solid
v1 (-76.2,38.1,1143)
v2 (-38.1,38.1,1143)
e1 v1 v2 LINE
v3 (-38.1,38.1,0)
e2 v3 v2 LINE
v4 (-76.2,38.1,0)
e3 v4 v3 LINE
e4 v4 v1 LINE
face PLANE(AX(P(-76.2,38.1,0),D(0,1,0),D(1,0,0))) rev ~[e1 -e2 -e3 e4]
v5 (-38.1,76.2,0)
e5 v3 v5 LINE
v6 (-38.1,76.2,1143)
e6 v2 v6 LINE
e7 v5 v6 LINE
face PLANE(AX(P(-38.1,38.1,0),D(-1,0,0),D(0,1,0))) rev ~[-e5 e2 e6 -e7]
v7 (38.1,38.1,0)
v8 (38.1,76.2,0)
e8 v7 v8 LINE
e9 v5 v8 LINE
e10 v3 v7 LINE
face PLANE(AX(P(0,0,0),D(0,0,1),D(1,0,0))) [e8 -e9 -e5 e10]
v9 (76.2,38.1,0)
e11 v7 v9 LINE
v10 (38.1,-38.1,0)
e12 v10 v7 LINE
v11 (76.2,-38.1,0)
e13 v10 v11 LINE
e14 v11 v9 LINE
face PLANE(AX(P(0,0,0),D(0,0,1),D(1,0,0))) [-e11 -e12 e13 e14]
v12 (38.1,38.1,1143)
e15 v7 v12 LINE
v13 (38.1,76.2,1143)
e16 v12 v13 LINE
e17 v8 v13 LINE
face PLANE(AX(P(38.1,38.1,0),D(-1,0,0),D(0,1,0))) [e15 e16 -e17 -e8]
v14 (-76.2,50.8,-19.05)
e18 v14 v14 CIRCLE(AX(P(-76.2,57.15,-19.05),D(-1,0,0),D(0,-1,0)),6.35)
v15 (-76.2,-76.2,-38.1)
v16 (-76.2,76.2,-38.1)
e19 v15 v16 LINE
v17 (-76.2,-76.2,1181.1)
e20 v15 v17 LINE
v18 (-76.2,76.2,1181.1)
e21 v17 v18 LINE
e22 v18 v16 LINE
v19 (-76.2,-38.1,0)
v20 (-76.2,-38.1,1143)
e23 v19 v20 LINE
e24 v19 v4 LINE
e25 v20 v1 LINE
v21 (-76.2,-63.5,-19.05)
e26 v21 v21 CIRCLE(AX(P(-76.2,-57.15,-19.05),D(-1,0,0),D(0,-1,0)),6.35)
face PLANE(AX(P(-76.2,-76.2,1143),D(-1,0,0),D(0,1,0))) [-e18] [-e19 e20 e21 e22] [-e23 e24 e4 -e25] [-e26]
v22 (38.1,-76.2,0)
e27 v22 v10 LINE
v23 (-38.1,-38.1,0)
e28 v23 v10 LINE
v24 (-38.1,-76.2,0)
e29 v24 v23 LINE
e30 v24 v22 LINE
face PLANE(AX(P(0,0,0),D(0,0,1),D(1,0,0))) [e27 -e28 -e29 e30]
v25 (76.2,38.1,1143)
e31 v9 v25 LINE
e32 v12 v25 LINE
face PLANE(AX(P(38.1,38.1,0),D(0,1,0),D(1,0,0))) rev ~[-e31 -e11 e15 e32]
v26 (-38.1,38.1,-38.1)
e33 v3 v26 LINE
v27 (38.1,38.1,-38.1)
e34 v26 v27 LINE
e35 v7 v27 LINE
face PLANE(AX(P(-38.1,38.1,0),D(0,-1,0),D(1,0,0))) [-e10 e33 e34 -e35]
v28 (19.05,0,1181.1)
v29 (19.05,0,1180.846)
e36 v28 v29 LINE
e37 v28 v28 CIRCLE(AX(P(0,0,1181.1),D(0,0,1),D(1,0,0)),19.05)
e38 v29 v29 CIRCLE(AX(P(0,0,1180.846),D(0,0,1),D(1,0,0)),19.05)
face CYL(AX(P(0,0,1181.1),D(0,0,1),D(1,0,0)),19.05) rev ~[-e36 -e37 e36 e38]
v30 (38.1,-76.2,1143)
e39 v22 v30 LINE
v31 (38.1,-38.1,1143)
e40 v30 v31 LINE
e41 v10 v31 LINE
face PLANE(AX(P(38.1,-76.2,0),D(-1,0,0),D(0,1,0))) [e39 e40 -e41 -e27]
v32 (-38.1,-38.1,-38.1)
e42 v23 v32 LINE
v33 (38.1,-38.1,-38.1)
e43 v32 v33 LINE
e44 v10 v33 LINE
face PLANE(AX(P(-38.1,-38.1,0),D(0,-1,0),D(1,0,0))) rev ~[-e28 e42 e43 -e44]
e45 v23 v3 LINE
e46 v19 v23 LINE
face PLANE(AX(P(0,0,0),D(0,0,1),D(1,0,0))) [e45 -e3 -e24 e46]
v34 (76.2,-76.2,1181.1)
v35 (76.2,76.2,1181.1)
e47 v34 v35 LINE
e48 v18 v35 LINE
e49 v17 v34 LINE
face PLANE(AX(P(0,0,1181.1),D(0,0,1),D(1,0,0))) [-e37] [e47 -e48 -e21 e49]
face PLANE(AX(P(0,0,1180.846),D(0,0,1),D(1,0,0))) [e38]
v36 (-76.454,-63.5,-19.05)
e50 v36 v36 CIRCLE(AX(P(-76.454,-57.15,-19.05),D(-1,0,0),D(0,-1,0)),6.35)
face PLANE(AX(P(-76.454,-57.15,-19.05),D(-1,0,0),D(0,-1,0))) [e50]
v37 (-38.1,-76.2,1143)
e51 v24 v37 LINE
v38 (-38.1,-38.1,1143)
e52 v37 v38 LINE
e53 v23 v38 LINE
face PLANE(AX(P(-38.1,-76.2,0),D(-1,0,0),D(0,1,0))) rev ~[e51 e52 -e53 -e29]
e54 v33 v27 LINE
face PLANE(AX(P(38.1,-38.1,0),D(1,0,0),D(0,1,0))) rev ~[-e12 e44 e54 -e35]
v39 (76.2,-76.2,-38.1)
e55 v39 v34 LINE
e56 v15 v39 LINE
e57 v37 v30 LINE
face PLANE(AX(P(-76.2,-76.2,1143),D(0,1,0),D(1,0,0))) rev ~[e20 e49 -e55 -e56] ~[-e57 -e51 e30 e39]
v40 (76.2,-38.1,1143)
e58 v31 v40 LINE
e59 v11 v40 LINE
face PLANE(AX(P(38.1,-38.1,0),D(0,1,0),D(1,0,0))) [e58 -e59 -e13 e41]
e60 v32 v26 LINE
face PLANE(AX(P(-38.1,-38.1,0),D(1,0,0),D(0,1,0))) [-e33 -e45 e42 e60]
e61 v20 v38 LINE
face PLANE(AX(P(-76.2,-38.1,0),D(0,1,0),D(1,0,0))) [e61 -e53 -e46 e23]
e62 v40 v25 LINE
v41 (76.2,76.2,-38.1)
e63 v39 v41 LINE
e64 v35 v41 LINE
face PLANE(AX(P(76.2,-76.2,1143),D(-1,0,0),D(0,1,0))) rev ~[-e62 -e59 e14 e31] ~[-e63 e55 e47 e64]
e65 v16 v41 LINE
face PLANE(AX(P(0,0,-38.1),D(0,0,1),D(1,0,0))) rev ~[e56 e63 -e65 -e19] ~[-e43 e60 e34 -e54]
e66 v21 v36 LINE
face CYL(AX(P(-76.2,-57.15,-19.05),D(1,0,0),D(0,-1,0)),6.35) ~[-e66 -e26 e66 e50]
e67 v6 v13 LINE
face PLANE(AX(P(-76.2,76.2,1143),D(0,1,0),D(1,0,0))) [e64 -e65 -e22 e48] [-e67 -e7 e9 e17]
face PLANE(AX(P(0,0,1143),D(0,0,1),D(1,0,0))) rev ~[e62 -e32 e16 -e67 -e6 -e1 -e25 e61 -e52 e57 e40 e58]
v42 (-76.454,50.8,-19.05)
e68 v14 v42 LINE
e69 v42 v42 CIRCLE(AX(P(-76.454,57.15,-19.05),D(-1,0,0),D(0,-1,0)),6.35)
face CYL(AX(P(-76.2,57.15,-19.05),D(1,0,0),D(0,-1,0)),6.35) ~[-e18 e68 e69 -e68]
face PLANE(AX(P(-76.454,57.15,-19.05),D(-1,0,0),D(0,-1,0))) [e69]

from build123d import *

# Parameters (mm, degrees)
F0_W      = 152.4
F0_H      = 152.4
F1_DEPTH  = 38.1
F2_W      = 76.2
F2_H      = 76.2
F3_DEPTH  = 38.1
F4_W      = 38.1
F4_H      = 38.1
F5_DEPTH  = 1143
F6_W      = 152.4
F6_H      = 152.4
F7_DEPTH  = 38.1
F8_R      = 6.35
F9_DEPTH  = 0.254
F10_R     = 19.05
F11_DEPTH = 0.254


with BuildPart() as f1:
    # F0 (on Top) → F1 (new body)
    with BuildSketch(Plane.XY):
        Rectangle(F0_W, F0_H)
    extrude(amount=-F1_DEPTH)

    # F2 (on face) → F3 (cut)
    with BuildSketch(Plane.XY):
        Rectangle(F2_W, F2_H)
    extrude(amount=-F3_DEPTH, mode=Mode.SUBTRACT)

    # F4 (on face) → F5 (join)
    with BuildSketch(Plane.XY):
        with Locations((-57.15, -57.15)):
            Rectangle(F4_W, F4_H)
        with Locations((-57.15, 57.15)):
            Rectangle(F4_W, F4_H)
        with Locations((57.15, 57.15)):
            Rectangle(F4_W, F4_H)
        with Locations((57.15, -57.15)):
            Rectangle(F4_W, F4_H)
    extrude(amount=F5_DEPTH)

    # F6 (on face) → F7 (join)
    with BuildSketch(Plane.XY.offset(1143)):
        Rectangle(F6_W, F6_H)
    extrude(amount=F7_DEPTH)

    # F8 (on face) → F9 (join)
    with BuildSketch(Plane(origin=(-76.2, 0, 0), x_dir=(0, -1, 0), z_dir=(-1, 0, 0))):
        with Locations((-57.15, -19.05)):
            Circle(F8_R)
        with Locations((57.15, -19.05)):
            Circle(F8_R)
    extrude(amount=F9_DEPTH)

    # F10 (on face) → F11 (cut)
    with BuildSketch(Plane.XY.offset(1181.1)):
        Circle(F10_R)
    extrude(amount=-F11_DEPTH, mode=Mode.SUBTRACT)


solid = f1.part
